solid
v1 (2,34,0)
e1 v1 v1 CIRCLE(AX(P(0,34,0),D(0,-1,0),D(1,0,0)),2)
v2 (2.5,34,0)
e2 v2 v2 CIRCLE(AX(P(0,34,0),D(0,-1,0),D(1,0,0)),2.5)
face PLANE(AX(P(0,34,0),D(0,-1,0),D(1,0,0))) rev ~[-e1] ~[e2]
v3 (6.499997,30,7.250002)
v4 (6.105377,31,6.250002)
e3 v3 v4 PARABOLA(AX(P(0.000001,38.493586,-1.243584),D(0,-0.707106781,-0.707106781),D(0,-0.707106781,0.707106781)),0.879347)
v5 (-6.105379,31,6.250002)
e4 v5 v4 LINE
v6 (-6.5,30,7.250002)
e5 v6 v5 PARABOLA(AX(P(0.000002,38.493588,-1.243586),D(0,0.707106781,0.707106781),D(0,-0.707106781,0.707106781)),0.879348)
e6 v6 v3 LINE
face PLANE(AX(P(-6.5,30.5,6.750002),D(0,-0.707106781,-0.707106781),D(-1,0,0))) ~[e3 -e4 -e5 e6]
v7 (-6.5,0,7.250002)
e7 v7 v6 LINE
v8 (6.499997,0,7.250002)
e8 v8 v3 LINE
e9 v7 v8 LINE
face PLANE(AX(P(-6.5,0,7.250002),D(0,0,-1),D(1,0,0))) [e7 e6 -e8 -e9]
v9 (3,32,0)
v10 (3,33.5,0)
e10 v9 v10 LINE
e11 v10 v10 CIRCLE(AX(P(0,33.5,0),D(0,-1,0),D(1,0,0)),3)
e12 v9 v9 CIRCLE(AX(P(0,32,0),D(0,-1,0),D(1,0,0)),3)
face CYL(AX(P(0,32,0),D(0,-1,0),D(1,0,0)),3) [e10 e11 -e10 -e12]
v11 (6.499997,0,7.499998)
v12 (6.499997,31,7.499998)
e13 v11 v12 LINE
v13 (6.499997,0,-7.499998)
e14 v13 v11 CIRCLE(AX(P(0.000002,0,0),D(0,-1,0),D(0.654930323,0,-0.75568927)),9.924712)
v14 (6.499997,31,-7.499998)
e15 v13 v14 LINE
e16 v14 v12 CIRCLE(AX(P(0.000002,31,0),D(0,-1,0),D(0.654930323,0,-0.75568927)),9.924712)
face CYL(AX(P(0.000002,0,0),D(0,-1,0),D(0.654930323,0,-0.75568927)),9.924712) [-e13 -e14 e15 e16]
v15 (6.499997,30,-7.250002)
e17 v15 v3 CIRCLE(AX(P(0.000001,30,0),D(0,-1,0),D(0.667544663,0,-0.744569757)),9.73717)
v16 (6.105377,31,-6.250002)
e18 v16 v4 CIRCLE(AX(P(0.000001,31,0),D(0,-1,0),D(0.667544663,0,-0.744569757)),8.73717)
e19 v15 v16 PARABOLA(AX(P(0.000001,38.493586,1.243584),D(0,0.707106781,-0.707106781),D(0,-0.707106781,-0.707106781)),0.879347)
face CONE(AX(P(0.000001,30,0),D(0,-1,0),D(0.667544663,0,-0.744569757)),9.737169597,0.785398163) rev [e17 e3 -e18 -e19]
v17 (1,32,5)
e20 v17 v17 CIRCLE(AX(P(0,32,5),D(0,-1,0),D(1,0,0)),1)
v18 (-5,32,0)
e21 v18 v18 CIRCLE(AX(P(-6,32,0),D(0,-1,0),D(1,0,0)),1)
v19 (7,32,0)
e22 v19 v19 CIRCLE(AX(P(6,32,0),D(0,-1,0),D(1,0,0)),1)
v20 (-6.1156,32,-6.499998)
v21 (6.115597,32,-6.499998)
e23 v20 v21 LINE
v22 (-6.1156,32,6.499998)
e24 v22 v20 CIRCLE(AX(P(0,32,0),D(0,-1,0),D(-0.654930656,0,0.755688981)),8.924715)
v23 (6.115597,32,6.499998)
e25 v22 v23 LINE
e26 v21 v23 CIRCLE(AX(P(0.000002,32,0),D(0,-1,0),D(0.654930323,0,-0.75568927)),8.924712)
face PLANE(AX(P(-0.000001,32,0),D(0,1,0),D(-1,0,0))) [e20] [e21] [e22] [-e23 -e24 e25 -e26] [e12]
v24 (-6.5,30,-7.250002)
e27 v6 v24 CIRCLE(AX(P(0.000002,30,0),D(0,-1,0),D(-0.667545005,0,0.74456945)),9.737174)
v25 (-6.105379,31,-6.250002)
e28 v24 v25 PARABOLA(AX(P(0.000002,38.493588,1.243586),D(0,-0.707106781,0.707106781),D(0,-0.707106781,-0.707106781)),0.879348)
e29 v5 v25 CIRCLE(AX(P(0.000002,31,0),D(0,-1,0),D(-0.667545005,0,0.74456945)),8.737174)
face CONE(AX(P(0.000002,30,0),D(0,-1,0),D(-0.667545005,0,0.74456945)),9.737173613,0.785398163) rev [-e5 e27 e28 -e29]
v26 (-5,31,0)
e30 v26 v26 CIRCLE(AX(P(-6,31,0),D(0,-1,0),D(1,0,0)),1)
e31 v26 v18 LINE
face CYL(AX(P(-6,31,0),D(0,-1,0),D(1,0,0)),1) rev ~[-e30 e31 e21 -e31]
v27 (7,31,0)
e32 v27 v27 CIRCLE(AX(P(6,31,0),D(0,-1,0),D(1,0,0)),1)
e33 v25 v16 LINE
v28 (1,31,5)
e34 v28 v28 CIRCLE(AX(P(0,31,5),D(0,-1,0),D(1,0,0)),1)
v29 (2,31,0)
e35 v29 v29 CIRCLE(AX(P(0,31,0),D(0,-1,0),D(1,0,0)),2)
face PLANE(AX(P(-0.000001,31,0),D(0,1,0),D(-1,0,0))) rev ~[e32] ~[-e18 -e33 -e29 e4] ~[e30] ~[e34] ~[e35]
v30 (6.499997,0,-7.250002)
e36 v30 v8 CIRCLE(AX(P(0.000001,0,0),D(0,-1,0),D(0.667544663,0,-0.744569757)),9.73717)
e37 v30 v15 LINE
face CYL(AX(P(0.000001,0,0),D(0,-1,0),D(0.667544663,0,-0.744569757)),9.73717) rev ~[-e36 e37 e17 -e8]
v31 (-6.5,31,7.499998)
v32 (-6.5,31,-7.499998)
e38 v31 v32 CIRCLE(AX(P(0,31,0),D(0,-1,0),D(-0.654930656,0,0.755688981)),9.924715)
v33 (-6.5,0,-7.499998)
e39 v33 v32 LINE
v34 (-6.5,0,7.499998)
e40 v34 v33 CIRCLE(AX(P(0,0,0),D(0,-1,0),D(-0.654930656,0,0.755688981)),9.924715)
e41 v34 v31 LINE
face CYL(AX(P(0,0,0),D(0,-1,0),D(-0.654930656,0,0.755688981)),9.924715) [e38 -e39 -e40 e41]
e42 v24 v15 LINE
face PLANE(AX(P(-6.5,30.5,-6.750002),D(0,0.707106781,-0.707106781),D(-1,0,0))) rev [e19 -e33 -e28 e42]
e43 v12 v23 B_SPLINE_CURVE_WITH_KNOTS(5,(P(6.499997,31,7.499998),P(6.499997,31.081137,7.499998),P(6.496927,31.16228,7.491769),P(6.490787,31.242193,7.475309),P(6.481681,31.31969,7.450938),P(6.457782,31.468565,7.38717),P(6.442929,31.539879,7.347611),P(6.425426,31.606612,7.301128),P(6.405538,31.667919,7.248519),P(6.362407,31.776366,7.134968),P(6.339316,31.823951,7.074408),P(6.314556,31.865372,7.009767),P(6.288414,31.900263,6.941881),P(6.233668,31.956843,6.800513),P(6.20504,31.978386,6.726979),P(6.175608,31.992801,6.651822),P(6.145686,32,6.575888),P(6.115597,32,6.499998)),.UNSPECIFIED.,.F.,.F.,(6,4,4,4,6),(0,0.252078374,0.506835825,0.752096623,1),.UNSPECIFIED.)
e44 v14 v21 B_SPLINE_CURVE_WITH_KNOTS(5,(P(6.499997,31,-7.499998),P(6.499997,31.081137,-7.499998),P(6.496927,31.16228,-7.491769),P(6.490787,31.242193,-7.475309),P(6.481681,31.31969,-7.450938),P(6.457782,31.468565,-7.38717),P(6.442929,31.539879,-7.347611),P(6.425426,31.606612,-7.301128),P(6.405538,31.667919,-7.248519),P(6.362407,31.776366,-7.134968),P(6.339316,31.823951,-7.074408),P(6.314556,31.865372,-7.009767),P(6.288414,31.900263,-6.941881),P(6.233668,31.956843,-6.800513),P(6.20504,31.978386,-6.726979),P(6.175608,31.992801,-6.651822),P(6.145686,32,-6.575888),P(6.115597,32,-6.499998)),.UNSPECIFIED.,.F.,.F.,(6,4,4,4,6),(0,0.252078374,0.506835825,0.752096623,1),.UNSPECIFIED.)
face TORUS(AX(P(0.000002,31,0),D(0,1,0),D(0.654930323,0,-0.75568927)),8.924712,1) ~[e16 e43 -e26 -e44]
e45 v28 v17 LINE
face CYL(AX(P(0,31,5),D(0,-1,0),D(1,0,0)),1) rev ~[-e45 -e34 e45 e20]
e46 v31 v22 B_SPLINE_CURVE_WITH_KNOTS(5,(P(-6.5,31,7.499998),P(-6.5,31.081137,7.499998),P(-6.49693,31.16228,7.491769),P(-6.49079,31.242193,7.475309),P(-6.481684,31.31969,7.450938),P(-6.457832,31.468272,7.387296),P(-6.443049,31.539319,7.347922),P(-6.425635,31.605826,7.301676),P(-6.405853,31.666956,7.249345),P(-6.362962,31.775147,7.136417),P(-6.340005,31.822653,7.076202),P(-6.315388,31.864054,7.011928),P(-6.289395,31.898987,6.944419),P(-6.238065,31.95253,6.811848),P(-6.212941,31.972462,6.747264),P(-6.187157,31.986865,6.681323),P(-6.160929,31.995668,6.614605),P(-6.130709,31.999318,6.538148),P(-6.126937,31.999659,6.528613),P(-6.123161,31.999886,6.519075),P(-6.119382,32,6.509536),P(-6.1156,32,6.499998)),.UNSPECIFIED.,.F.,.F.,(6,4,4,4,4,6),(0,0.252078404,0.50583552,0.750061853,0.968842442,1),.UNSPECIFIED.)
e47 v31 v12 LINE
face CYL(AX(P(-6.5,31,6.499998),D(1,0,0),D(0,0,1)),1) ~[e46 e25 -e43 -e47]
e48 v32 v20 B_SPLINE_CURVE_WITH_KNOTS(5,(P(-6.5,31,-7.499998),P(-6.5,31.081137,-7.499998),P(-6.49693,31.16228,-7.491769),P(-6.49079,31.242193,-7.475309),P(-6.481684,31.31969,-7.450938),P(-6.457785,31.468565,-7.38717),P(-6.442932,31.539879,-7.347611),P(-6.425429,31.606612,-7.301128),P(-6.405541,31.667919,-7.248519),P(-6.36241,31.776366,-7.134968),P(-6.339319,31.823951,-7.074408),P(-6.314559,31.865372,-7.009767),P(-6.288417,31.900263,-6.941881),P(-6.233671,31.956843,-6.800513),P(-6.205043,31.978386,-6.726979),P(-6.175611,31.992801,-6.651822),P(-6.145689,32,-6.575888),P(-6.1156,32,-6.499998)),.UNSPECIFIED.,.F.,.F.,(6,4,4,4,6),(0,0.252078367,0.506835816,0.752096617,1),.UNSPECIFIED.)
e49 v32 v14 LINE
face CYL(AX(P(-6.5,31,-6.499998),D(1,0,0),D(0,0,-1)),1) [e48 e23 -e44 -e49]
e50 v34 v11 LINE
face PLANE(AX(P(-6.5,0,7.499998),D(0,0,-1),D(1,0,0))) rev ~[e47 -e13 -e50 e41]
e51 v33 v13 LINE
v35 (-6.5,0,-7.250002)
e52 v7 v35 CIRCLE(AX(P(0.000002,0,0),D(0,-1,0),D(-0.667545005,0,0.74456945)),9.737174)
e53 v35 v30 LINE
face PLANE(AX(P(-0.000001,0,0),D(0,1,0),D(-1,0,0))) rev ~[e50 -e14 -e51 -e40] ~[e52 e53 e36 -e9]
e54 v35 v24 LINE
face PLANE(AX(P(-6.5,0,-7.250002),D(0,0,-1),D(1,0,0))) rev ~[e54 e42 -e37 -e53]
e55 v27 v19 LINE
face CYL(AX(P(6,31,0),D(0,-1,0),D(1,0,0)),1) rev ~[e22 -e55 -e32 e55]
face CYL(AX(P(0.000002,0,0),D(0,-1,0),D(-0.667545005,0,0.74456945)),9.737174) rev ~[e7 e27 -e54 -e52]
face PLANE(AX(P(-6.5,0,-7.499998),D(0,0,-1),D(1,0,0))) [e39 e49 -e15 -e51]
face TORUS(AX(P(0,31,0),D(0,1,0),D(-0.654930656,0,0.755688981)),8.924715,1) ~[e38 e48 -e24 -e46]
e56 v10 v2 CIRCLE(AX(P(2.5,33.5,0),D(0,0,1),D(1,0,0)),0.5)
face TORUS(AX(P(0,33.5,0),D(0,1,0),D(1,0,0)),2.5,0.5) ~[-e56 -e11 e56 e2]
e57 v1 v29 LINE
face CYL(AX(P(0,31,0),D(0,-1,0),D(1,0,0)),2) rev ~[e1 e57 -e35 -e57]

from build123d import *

# Parameters (mm, degrees)
SKETCH251_AS_DRAWN_R                 = 1
EXTRUDE052_DEPTH                     = 1
EXTRUDE052_ONTO_SKETCH251_ROLL_ANGLE = 90
SKETCH249_AS_DRAWN_R                 = 2
EXTRUDE051_DEPTH                     = 1
EXTRUDE051_ONTO_SKETCH249_ROLL_ANGLE = 90
EXTRUDE047_DEPTH                     = 31
EXTRUDE047_ONTO_SKETCH246_ROLL_ANGLE = 90
CHAMFER_SIZE                         = 1
EXTRUDE046_DEPTH                     = 32
EXTRUDE046_ONTO_SKETCH244_ROLL_ANGLE = 90
FILLET_R                             = 1
SKETCH248_AS_DRAWN_R                 = 2
EXTRUDE050_DEPTH                     = 2
EXTRUDE050_ONTO_SKETCH248_ROLL_ANGLE = 90
SKETCH247_AS_DRAWN_R                 = 3
EXTRUDE049_DEPTH                     = 2
EXTRUDE049_ONTO_SKETCH247_ROLL_ANGLE = 90
FILLET001_R                          = 0.5


with BuildPart() as extrude052:
    # Sketch251 as drawn → Extrude052 (new)
    with BuildSketch(Plane.XY):
        with Locations((4.5, 0)):
            Circle(SKETCH251_AS_DRAWN_R)
        with Locations((-7.5, 0)):
            Circle(SKETCH251_AS_DRAWN_R)
        with Locations((-1.5, 5)):
            Circle(SKETCH251_AS_DRAWN_R)
    extrude(amount=-EXTRUDE052_DEPTH)


with BuildPart() as extrude052_1:
    # Extrude052 onto Sketch251 roll: moved
    add(extrude052.part.rotate(Axis((0, 0, 0), (1, 0, 0)), EXTRUDE052_ONTO_SKETCH251_ROLL_ANGLE))


with BuildPart() as extrude052_2:
    # Extrude052 onto Sketch251 placement: moved
    add(extrude052_1.part.moved(Location((1.5, 31, 0))))


with BuildPart() as extrude051:
    # Sketch249 as drawn → Extrude051 (new)
    with BuildSketch(Plane.XY):
        Circle(SKETCH249_AS_DRAWN_R)
    extrude(amount=-EXTRUDE051_DEPTH)


with BuildPart() as extrude051_1:
    # Extrude051 onto Sketch249 roll: moved
    add(extrude051.part.rotate(Axis((0, 0, 0), (1, 0, 0)), EXTRUDE051_ONTO_SKETCH249_ROLL_ANGLE))


with BuildPart() as extrude051_2:
    # Extrude051 onto Sketch249 placement: moved
    add(extrude051_1.part.moved(Location((0, 31, 0))))


with BuildPart() as chamfer_body:
    # Sketch246 as drawn → Extrude047 (new)
    with BuildSketch(Plane.XY):
        with BuildLine():
            Line((-6.5, 7.250002), (6.499997, 7.250002))
            ThreePointArc((6.499997, -7.250002), (9.737171, 0), (6.499997, 7.250002))
            Line((-6.5, -7.250002), (6.499997, -7.250002))
            ThreePointArc((-6.5, 7.250002), (-9.737172, 0), (-6.5, -7.250002))
        make_face()
    extrude(amount=-EXTRUDE047_DEPTH)


with BuildPart() as chamfer_body_1:
    # Extrude047 onto Sketch246 roll: moved
    add(chamfer_body.part.rotate(Axis((0, 0, 0), (1, 0, 0)), EXTRUDE047_ONTO_SKETCH246_ROLL_ANGLE))


with BuildPart() as chamfer_body_2:
    # Extrude047 onto Sketch246 placement: moved
    add(chamfer_body_1.part)

    # Chamfer
    chamfer_edges = [chamfer_body_2.edges().sort_by_distance(p)[0] for p in [
        (-1e-06, 31, 7.250002),
        (9.737171, 31, 0),
        (-1e-06, 31, -7.250002),
        (-9.737172, 31, 0),
    ]]
    chamfer(chamfer_edges, length=CHAMFER_SIZE)


with BuildPart() as cut032:
    # Sketch244 as drawn → Extrude046 (new)
    with BuildSketch(Plane.XY):
        with BuildLine():
            Line((-6.5, 7.499998), (6.499997, 7.499998))
            ThreePointArc((6.499997, -7.499998), (9.924714, 0), (6.499997, 7.499998))
            Line((-6.5, -7.499998), (6.499997, -7.499998))
            ThreePointArc((-6.5, 7.499998), (-9.924715, 0), (-6.5, -7.499998))
        make_face()
    extrude(amount=-EXTRUDE046_DEPTH)


with BuildPart() as cut032_1:
    # Extrude046 onto Sketch244 roll: moved
    add(cut032.part.rotate(Axis((0, 0, 0), (1, 0, 0)), EXTRUDE046_ONTO_SKETCH244_ROLL_ANGLE))


with BuildPart() as cut032_2:
    # Extrude046 onto Sketch244 placement: moved
    add(cut032_1.part)

    # Fillet
    fillet_edges = [cut032_2.edges().sort_by_distance(p)[0] for p in [
        (-1e-06, 32, 7.499998),
        (9.924714, 32, 0),
        (-1e-06, 32, -7.499998),
        (-9.924715, 32, 0),
    ]]
    fillet(fillet_edges, radius=FILLET_R)

    # Cut029: cut Chamfer body
    add(chamfer_body_2.part, mode=Mode.SUBTRACT)

    # Cut031: cut Extrude051
    add(extrude051_2.part, mode=Mode.SUBTRACT)

    # Cut032: cut Extrude052
    add(extrude052_2.part, mode=Mode.SUBTRACT)


with BuildPart() as extrude050:
    # Sketch248 as drawn → Extrude050 (new)
    with BuildSketch(Plane.XY):
        Circle(SKETCH248_AS_DRAWN_R)
    extrude(amount=-EXTRUDE050_DEPTH)


with BuildPart() as extrude050_1:
    # Extrude050 onto Sketch248 roll: moved
    add(extrude050.part.rotate(Axis((0, 0, 0), (1, 0, 0)), EXTRUDE050_ONTO_SKETCH248_ROLL_ANGLE))


with BuildPart() as extrude050_2:
    # Extrude050 onto Sketch248 placement: moved
    add(extrude050_1.part.moved(Location((0, 34, 0))))


with BuildPart() as extrude050_3:
    # Extrude050 placement: moved
    add(extrude050_2.part.moved(Location((0, -2, 0))))


with BuildPart() as fusion017:
    # Sketch247 as drawn → Extrude049 (new)
    with BuildSketch(Plane.XY):
        Circle(SKETCH247_AS_DRAWN_R)
    extrude(amount=-EXTRUDE049_DEPTH)


with BuildPart() as fusion017_1:
    # Extrude049 onto Sketch247 roll: moved
    add(fusion017.part.rotate(Axis((0, 0, 0), (1, 0, 0)), EXTRUDE049_ONTO_SKETCH247_ROLL_ANGLE))


with BuildPart() as fusion017_2:
    # Extrude049 onto Sketch247 placement: moved
    add(fusion017_1.part.moved(Location((0, 32, 0))))

    # Fillet001
    fillet001_edges = [fusion017_2.edges().sort_by_distance(p)[0] for p in [
        (-3, 34, 0),
    ]]
    fillet(fillet001_edges, radius=FILLET001_R)

    # Cut030: cut Extrude050
    add(extrude050_3.part, mode=Mode.SUBTRACT)

    # Fusion017: union Cut032
    add(cut032_2.part)


solid = fusion017_2.part
